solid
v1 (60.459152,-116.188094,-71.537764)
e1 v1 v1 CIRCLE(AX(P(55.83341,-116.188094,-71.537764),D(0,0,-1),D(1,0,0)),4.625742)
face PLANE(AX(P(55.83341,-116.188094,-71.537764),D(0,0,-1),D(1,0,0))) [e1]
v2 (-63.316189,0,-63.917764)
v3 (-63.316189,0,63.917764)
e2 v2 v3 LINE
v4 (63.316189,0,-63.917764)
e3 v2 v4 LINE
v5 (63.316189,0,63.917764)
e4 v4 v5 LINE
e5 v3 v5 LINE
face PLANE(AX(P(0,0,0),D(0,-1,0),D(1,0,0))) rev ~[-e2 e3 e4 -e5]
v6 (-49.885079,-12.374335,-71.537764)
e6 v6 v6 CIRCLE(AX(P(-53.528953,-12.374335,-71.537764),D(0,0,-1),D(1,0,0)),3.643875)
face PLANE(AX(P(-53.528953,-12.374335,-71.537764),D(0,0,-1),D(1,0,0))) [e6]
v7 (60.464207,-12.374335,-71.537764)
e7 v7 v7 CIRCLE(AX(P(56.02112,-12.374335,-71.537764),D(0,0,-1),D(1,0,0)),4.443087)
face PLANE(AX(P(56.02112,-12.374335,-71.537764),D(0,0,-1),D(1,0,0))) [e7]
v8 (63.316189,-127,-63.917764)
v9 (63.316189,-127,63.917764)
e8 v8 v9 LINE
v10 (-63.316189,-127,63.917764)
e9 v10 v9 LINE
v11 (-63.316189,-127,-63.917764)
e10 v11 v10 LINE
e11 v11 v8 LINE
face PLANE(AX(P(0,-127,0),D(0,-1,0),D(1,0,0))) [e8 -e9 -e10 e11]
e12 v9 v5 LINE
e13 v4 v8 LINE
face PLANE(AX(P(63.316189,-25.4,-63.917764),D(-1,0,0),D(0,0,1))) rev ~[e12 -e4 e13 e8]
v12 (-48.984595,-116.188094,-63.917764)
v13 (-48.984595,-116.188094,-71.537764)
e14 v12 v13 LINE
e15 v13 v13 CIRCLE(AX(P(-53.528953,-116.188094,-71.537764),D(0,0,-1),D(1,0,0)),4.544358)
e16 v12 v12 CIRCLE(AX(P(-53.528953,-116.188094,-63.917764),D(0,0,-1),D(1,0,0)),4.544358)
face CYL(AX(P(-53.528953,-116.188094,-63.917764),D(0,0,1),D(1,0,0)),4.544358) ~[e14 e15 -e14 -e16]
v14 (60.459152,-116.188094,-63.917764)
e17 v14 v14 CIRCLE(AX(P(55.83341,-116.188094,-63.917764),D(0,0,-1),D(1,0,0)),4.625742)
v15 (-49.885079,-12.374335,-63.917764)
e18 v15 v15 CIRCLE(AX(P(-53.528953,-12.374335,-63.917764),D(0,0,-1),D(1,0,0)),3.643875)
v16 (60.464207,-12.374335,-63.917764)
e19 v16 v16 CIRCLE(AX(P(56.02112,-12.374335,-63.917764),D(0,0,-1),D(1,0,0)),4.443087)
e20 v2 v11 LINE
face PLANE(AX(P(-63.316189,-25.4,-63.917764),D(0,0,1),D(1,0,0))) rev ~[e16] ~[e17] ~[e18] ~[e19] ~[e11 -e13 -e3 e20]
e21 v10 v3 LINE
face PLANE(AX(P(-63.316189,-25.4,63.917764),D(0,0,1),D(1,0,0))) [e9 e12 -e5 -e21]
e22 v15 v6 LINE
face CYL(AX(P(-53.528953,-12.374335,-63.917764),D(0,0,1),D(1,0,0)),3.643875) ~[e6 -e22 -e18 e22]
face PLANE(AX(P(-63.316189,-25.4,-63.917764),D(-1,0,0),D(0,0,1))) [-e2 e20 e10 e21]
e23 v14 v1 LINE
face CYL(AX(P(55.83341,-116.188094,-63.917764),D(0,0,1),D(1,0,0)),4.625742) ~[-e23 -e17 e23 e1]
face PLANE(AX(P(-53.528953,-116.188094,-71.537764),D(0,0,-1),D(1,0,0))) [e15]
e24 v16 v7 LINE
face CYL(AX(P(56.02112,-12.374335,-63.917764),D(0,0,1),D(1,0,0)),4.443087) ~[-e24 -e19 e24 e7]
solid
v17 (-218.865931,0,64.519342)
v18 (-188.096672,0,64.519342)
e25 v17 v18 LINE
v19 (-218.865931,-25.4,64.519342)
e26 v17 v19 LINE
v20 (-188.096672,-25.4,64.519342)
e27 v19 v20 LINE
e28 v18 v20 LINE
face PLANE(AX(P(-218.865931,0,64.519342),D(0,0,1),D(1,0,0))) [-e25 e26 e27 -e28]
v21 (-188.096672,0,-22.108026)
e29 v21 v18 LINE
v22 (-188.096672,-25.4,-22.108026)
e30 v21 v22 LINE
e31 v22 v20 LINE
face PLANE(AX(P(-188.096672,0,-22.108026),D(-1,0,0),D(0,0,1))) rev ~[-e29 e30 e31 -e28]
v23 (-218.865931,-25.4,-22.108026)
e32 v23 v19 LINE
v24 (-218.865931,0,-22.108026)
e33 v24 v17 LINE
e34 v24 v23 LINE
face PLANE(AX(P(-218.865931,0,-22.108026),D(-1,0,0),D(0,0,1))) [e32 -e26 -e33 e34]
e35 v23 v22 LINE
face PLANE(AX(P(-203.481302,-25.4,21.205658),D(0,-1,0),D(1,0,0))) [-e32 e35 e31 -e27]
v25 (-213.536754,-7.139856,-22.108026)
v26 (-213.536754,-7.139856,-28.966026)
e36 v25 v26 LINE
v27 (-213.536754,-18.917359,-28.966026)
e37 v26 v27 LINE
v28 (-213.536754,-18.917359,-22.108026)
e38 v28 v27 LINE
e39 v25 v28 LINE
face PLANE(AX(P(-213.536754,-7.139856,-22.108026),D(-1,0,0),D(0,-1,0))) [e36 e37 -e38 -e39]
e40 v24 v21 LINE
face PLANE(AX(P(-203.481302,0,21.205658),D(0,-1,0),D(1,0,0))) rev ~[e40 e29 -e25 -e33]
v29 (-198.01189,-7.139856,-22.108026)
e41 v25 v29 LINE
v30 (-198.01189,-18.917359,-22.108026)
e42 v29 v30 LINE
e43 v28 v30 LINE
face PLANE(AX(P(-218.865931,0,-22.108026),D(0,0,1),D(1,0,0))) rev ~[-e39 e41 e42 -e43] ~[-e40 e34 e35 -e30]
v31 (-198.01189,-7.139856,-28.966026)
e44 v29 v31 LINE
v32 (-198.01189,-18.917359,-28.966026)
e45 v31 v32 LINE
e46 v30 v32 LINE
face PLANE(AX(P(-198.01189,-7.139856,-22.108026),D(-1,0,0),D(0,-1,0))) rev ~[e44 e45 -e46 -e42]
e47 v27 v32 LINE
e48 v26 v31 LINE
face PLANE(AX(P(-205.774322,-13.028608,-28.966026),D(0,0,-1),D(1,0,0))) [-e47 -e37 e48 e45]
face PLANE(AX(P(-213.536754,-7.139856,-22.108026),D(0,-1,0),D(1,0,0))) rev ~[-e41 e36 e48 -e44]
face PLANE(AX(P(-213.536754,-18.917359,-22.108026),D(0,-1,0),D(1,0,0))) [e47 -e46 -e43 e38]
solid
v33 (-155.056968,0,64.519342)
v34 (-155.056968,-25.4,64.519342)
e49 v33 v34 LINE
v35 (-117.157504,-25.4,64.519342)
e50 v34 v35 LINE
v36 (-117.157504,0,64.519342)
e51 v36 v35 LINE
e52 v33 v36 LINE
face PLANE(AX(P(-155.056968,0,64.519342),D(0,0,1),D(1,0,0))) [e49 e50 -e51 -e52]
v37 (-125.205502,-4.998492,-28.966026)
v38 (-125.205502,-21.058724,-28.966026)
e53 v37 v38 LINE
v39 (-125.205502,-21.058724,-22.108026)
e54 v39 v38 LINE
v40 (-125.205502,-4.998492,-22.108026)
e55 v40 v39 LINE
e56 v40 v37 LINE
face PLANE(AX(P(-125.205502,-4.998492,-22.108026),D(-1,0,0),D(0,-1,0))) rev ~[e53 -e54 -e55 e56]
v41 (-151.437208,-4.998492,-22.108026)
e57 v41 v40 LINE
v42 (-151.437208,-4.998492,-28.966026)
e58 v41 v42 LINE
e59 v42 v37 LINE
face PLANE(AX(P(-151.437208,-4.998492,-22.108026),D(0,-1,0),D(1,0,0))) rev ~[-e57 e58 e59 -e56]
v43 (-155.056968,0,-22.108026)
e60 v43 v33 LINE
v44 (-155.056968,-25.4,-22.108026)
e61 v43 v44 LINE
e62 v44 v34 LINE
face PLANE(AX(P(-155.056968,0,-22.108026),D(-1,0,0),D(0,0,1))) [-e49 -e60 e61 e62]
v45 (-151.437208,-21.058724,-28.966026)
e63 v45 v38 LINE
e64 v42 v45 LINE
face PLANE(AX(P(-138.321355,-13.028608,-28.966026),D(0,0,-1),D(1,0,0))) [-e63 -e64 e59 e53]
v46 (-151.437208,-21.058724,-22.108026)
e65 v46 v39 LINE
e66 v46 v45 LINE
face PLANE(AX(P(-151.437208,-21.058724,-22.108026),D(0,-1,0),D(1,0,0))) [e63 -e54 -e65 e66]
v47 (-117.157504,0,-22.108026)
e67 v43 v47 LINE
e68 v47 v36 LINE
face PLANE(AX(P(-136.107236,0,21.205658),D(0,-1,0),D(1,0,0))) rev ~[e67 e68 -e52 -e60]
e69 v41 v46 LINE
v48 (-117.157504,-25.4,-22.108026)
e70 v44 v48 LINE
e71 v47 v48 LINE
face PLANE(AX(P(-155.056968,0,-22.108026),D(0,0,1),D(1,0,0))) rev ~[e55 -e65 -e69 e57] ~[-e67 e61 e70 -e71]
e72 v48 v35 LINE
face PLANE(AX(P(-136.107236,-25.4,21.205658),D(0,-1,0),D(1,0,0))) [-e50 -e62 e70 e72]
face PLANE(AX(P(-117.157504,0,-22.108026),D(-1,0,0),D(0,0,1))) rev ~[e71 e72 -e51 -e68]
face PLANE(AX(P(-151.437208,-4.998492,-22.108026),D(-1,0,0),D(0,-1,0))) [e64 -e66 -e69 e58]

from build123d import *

# Parameters (mm, degrees)
F0_W     = 126.6323775053
F0_H     = 127.8355270624
F1_DEPTH = 25.4
F0_W_2   = 37.8994643688
F0_H_2   = 86.6273678839
F0_W_3   = 30.7692587376
F2_DEPTH = 101.6
F3_W     = 15.5248641968
F3_H     = 11.7775034159
F4_DEPTH = 6.858
F3_W_2   = 26.2317061424
F3_H_2   = 16.0602321848
F5_R     = 4.5443578582
F5_R_2   = 4.6257420085
F5_R_3   = 3.6438747626
F5_R_4   = 4.4430866935
F6_DEPTH = 7.62


with BuildPart() as f1:
    # F0 (on Front) → F1 (new body)
    with BuildSketch(Plane.XZ):
        Rectangle(F0_W, F0_H)
    extrude(amount=F1_DEPTH)

    # F2 (add): a face of the model
    f2_faces = [f1.faces().sort_by_distance(p)[0] for p in [
        (0, -25.4, 0),
    ]]
    extrude(f2_faces, amount=F2_DEPTH)

    # F5 (on face) → F6 (join)
    with BuildSketch(Plane(origin=(0, 0, -63.9177635312), x_dir=(1, 0, 0), z_dir=(0, 0, -1))):
        with Locations((-53.5289533436, 116.1880940199)):
            Circle(F5_R)
        with Locations((55.8334104717, 116.1880940199)):
            Circle(F5_R_2)
        with Locations((-53.5289533436, 12.3743349686)):
            Circle(F5_R_3)
        with Locations((56.0211203992, 12.3743349686)):
            Circle(F5_R_4)
    extrude(amount=F6_DEPTH)


with BuildPart() as f1b:
    # F0 (on Front) → F1, piece 2 (new body)
    with BuildSketch(Plane.XZ):
        with Locations((-136.1072361469, 21.2056580931)):
            Rectangle(F0_W_2, F0_H_2)
    extrude(amount=F1_DEPTH)

    # F3 (on face) → F4, piece 2 (join)
    with BuildSketch(Plane(origin=(0, 0, -22.1080258489), x_dir=(1, 0, 0), z_dir=(0, 0, -1))):
        with Locations((-138.3213549852, 13.0286077037)):
            Rectangle(F3_W_2, F3_H_2)
    extrude(amount=F4_DEPTH)


with BuildPart() as f1c:
    # F0 (on Front) → F1, piece 3 (new body)
    with BuildSketch(Plane.XZ):
        with Locations((-203.4813016653, 21.2056580931)):
            Rectangle(F0_W_3, F0_H_2)
    extrude(amount=F1_DEPTH)

    # F3 (on face) → F4 (join)
    with BuildSketch(Plane(origin=(0, 0, -22.1080258489), x_dir=(1, 0, 0), z_dir=(0, 0, -1))):
        with Locations((-205.7743221521, 13.0286077037)):
            Rectangle(F3_W, F3_H)
    extrude(amount=F4_DEPTH)


solid = Compound([f1.part, f1b.part, f1c.part])
